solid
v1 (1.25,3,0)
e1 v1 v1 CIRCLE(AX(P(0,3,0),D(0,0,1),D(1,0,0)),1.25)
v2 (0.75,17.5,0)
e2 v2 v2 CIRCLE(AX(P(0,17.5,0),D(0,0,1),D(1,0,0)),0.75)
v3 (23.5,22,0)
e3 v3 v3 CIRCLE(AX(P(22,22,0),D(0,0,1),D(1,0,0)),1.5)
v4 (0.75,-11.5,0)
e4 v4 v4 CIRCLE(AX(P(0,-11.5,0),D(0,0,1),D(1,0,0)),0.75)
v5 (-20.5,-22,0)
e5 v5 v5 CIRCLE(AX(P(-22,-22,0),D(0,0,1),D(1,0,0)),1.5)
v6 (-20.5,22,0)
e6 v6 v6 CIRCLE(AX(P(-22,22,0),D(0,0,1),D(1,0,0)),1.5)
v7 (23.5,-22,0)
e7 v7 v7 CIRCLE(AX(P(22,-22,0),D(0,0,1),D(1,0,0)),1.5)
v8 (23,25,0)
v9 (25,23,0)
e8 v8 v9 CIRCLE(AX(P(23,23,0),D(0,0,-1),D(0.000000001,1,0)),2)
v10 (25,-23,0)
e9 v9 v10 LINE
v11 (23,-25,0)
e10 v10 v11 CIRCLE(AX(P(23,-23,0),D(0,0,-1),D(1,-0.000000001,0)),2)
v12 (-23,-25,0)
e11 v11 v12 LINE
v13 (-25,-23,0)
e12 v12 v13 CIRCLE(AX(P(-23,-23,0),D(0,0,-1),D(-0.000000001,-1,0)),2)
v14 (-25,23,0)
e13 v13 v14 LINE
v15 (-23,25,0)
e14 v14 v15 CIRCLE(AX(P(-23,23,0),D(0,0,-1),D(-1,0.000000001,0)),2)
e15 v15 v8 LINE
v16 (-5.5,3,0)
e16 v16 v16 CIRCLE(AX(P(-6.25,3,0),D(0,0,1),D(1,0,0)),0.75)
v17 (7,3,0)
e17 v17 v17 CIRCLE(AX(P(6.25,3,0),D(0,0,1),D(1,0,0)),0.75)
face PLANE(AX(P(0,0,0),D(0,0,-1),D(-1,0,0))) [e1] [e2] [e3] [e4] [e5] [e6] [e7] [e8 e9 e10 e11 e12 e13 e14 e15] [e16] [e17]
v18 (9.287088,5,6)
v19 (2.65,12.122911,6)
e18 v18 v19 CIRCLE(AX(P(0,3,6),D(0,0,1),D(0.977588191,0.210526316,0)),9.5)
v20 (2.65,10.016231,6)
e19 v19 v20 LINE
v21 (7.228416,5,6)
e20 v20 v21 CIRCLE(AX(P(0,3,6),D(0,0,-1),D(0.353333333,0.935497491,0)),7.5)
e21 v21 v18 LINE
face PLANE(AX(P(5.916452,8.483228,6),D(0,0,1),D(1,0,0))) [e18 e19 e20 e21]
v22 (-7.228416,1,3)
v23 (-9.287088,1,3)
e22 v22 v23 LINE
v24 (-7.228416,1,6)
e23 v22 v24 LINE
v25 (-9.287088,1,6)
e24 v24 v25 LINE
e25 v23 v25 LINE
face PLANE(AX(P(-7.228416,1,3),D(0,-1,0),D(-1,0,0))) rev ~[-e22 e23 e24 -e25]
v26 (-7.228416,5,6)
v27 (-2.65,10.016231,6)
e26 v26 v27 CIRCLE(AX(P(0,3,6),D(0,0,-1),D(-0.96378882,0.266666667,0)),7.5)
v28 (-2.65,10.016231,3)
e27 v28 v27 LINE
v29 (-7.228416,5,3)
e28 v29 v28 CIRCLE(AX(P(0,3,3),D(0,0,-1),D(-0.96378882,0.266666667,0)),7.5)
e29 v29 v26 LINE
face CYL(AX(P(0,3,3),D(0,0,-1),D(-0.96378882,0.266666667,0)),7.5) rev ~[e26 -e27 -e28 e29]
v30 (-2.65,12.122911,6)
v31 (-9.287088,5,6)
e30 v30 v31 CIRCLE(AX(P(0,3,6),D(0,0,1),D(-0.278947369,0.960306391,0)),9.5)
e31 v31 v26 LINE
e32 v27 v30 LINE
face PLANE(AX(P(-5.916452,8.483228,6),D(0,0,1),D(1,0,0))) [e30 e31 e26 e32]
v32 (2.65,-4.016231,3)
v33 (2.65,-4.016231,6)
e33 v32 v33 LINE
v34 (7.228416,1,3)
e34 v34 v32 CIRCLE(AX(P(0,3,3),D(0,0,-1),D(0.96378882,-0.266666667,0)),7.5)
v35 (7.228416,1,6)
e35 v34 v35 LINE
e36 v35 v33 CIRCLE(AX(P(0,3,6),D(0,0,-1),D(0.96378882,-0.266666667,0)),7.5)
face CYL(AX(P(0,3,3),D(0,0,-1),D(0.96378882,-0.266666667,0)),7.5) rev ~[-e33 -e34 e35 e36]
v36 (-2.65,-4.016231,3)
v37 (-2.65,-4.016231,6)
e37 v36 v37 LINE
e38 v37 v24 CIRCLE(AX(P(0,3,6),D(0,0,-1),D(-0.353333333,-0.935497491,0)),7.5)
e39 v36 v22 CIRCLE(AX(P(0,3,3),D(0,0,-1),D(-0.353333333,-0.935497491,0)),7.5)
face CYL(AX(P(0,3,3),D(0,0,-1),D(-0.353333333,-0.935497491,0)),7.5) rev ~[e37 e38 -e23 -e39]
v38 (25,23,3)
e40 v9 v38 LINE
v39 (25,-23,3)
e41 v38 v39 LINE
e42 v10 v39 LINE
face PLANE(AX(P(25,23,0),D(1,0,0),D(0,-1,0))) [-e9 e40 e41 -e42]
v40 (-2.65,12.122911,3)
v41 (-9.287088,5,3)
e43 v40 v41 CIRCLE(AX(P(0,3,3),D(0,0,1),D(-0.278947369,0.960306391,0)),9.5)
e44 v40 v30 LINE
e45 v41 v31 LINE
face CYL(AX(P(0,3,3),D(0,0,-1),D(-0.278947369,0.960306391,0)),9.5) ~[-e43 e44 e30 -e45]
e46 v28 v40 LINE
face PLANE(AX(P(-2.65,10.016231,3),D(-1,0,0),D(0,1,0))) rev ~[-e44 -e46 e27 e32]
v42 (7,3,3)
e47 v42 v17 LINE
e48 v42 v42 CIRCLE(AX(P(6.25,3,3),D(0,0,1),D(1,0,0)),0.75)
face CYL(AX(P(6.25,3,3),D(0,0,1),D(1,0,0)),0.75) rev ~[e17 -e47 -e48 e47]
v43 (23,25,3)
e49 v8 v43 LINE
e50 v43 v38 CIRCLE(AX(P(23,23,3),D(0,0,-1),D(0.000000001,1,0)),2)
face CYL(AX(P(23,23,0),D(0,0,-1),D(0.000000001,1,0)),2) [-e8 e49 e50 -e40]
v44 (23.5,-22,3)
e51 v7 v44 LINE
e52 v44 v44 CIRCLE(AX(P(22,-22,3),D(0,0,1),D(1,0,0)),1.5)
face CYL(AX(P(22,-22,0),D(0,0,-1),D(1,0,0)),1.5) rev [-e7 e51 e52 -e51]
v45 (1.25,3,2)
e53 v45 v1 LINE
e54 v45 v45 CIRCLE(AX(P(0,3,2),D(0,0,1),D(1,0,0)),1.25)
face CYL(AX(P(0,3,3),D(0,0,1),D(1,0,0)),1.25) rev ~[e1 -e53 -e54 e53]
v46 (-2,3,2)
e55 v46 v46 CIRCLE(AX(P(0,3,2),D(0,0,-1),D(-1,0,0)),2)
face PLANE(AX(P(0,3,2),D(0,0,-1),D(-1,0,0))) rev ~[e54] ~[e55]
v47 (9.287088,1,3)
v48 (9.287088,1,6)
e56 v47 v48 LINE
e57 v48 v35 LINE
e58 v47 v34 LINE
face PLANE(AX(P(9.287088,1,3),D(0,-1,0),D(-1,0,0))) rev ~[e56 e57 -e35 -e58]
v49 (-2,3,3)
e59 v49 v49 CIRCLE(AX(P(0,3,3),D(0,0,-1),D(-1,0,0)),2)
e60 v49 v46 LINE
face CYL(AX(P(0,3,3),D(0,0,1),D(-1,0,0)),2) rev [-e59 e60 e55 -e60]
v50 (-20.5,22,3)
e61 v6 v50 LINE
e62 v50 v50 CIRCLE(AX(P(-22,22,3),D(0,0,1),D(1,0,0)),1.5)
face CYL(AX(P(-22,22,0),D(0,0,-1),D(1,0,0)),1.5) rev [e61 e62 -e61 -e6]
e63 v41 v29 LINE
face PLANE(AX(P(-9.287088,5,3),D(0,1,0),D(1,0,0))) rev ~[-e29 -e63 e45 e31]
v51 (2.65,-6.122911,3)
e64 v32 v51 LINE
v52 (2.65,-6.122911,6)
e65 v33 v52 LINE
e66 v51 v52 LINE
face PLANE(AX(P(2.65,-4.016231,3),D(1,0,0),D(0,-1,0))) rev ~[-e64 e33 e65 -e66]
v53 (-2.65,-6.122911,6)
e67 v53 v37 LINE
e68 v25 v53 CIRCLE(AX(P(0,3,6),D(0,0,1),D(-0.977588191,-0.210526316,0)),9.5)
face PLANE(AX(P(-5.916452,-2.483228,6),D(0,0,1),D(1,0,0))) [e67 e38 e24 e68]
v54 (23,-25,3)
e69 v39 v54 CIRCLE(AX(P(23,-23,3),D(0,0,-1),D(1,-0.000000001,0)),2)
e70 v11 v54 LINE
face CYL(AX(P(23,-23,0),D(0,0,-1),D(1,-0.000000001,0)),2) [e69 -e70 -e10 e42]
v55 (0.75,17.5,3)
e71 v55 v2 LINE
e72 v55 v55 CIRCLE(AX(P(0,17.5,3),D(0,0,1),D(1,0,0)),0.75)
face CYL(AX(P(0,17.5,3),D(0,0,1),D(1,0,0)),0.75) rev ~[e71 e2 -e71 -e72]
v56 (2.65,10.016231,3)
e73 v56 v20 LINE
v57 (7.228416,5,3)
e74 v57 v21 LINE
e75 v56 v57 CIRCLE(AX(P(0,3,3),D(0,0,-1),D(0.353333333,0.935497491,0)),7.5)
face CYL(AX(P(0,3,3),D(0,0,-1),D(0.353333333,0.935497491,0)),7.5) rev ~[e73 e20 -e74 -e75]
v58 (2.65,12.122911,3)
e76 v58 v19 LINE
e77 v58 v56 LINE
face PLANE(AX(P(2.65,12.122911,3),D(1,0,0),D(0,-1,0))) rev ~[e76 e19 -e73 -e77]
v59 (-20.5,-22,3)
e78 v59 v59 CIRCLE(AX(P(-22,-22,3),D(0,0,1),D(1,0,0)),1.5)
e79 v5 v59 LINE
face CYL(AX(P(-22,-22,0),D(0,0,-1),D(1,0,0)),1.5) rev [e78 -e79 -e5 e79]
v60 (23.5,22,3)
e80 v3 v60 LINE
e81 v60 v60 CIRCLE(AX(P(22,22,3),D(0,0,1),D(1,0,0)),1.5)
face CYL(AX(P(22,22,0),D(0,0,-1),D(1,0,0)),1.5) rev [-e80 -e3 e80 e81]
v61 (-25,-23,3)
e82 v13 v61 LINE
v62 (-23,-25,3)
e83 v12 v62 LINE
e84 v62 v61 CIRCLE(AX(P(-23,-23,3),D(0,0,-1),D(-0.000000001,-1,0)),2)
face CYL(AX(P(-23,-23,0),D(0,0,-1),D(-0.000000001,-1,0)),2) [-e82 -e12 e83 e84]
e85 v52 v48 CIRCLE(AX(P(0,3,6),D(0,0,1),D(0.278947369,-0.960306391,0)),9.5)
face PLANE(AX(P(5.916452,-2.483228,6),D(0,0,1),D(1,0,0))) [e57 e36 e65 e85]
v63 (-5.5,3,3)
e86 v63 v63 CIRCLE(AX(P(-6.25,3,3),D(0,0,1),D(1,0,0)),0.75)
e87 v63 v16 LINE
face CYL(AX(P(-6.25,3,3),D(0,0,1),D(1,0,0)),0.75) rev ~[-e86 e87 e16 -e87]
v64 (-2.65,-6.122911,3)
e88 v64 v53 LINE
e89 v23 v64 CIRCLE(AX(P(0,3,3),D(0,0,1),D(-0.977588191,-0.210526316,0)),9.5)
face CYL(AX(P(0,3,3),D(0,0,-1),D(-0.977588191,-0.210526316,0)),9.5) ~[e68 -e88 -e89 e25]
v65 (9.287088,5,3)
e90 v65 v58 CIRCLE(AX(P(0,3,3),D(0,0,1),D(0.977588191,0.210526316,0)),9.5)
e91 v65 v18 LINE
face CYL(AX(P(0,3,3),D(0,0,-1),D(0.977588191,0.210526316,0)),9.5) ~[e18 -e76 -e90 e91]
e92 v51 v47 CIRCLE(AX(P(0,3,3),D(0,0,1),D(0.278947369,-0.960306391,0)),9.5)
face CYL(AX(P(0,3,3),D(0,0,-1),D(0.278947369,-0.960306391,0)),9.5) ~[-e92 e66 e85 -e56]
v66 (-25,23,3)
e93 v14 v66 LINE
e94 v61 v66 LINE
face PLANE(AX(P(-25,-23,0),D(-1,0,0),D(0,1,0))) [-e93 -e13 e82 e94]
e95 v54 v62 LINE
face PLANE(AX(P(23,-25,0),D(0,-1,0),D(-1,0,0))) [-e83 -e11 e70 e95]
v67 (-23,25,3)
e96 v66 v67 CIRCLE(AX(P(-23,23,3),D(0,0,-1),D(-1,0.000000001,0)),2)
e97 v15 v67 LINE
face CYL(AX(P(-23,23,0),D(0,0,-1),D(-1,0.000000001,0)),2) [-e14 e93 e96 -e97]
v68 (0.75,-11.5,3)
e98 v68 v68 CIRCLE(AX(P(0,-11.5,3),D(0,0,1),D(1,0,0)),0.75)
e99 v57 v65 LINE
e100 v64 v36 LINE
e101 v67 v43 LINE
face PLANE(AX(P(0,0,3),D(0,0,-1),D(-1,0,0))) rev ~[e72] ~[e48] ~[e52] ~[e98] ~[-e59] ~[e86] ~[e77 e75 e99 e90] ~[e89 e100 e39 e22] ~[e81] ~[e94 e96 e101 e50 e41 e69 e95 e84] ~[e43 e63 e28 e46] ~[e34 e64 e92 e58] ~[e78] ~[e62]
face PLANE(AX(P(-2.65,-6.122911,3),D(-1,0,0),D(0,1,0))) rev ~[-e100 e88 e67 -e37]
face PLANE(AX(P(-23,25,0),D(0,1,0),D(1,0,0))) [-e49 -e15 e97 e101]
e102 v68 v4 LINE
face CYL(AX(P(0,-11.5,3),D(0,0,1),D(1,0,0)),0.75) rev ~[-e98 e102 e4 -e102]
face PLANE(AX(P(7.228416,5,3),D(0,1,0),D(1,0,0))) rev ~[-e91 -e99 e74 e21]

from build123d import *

# Parameters (mm, degrees)
SKETCH_1_R          = 1.5
EXTRUDE_1_DEPTH     = 3
EXTRUDE_2_DEPTH     = 3
SKETCH_3_R          = 1.25
CUT_EXTRUDE_1_DEPTH = 3
SKETCH_4_R          = 0.75
CUT_EXTRUDE_2_DEPTH = 10
CUT_EXTRUDE_START   = -3
SKETCH_5_R          = 2
CUT_EXTRUDE_3_DEPTH = 1


with BuildPart() as part:
    # 草图1 → 凸台-拉伸1 (new body)
    with BuildSketch(Plane.XY):
        with BuildLine():
            Line((-23, 25), (23, 25))
            ThreePointArc((23, 25), (24.414213562, 24.414213562), (25, 23))
            Line((25, 23), (25, -23))
            ThreePointArc((25, -23), (24.414213562, -24.414213562), (23, -25))
            Line((23, -25), (-23, -25))
            ThreePointArc((-23, -25), (-24.414213562, -24.414213562), (-25, -23))
            Line((-25, -23), (-25, 23))
            ThreePointArc((-25, 23), (-24.414213562, 24.414213562), (-23, 25))
        make_face()
        with Locations((-22, 22)):
            Circle(SKETCH_1_R, mode=Mode.SUBTRACT)
        with Locations((22, 22)):
            Circle(SKETCH_1_R, mode=Mode.SUBTRACT)
        with Locations((22, -22)):
            Circle(SKETCH_1_R, mode=Mode.SUBTRACT)
        with Locations((-22, -22)):
            Circle(SKETCH_1_R, mode=Mode.SUBTRACT)
    extrude(amount=EXTRUDE_1_DEPTH)

    # 草图2 → 凸台-拉伸2 (add)
    with BuildSketch(Plane.XY.offset(3)):
        with BuildLine():
            ThreePointArc((2.65, -6.12291072), (6.950358309, -3.476304453), (9.287087811, 1))
            Line((9.287087811, 1), (7.228416147, 1))
            ThreePointArc((7.228416147, 1), (5.53953249, -2.056043887), (2.65, -4.016231182))
            Line((2.65, -4.016231182), (2.65, -6.12291072))
        make_face()
        with BuildLine():
            Line((-7.228416147, 1), (-9.287087811, 1))
            ThreePointArc((-9.287087811, 1), (-6.950358309, -3.476304453), (-2.65, -6.12291072))
            Line((-2.65, -6.12291072), (-2.65, -4.016231182))
            ThreePointArc((-2.65, -4.016231182), (-5.53953249, -2.056043887), (-7.228416147, 1))
        make_face()
        with BuildLine():
            Line((-2.65, 10.016231182), (-2.65, 12.12291072))
            ThreePointArc((-2.65, 12.12291072), (-6.950358309, 9.476304453), (-9.287087811, 5))
            Line((-9.287087811, 5), (-7.228416147, 5))
            ThreePointArc((-7.228416147, 5), (-5.53953249, 8.056043887), (-2.65, 10.016231182))
        make_face()
        with BuildLine():
            ThreePointArc((9.287087811, 5), (6.950358309, 9.476304453), (2.65, 12.12291072))
            Line((2.65, 12.12291072), (2.65, 10.016231182))
            ThreePointArc((2.65, 10.016231182), (5.53953249, 8.056043887), (7.228416147, 5))
            Line((7.228416147, 5), (9.287087811, 5))
        make_face()
    extrude(amount=EXTRUDE_2_DEPTH)

    # 草图3 → 切除-拉伸1 (cut)
    with BuildSketch(Plane.XY.offset(3)):
        with Locations((0, 3)):
            Circle(SKETCH_3_R)
    extrude(amount=-CUT_EXTRUDE_1_DEPTH, mode=Mode.SUBTRACT)

    # 草图4 → 切除-拉伸2 (cut)
    with BuildSketch(Plane.XY.offset(3)):
        with Locations((0, 17.5)):
            Circle(SKETCH_4_R)
        with Locations((0, -11.5)):
            Circle(SKETCH_4_R)
        with Locations((-6.25, 3)):
            Circle(SKETCH_4_R)
        with Locations((6.25, 3)):
            Circle(SKETCH_4_R)
    extrude(amount=-CUT_EXTRUDE_2_DEPTH, mode=Mode.SUBTRACT)

    # 草图5 → 切除-拉伸3 (cut)
    with BuildSketch(Plane(origin=(0, 0, 0), x_dir=(-1, 0, 0), z_dir=(0, 0, -1)).offset(CUT_EXTRUDE_START)):
        with Locations((0, 3)):
            Circle(SKETCH_5_R)
    extrude(amount=CUT_EXTRUDE_3_DEPTH, mode=Mode.SUBTRACT)


solid = part.part
